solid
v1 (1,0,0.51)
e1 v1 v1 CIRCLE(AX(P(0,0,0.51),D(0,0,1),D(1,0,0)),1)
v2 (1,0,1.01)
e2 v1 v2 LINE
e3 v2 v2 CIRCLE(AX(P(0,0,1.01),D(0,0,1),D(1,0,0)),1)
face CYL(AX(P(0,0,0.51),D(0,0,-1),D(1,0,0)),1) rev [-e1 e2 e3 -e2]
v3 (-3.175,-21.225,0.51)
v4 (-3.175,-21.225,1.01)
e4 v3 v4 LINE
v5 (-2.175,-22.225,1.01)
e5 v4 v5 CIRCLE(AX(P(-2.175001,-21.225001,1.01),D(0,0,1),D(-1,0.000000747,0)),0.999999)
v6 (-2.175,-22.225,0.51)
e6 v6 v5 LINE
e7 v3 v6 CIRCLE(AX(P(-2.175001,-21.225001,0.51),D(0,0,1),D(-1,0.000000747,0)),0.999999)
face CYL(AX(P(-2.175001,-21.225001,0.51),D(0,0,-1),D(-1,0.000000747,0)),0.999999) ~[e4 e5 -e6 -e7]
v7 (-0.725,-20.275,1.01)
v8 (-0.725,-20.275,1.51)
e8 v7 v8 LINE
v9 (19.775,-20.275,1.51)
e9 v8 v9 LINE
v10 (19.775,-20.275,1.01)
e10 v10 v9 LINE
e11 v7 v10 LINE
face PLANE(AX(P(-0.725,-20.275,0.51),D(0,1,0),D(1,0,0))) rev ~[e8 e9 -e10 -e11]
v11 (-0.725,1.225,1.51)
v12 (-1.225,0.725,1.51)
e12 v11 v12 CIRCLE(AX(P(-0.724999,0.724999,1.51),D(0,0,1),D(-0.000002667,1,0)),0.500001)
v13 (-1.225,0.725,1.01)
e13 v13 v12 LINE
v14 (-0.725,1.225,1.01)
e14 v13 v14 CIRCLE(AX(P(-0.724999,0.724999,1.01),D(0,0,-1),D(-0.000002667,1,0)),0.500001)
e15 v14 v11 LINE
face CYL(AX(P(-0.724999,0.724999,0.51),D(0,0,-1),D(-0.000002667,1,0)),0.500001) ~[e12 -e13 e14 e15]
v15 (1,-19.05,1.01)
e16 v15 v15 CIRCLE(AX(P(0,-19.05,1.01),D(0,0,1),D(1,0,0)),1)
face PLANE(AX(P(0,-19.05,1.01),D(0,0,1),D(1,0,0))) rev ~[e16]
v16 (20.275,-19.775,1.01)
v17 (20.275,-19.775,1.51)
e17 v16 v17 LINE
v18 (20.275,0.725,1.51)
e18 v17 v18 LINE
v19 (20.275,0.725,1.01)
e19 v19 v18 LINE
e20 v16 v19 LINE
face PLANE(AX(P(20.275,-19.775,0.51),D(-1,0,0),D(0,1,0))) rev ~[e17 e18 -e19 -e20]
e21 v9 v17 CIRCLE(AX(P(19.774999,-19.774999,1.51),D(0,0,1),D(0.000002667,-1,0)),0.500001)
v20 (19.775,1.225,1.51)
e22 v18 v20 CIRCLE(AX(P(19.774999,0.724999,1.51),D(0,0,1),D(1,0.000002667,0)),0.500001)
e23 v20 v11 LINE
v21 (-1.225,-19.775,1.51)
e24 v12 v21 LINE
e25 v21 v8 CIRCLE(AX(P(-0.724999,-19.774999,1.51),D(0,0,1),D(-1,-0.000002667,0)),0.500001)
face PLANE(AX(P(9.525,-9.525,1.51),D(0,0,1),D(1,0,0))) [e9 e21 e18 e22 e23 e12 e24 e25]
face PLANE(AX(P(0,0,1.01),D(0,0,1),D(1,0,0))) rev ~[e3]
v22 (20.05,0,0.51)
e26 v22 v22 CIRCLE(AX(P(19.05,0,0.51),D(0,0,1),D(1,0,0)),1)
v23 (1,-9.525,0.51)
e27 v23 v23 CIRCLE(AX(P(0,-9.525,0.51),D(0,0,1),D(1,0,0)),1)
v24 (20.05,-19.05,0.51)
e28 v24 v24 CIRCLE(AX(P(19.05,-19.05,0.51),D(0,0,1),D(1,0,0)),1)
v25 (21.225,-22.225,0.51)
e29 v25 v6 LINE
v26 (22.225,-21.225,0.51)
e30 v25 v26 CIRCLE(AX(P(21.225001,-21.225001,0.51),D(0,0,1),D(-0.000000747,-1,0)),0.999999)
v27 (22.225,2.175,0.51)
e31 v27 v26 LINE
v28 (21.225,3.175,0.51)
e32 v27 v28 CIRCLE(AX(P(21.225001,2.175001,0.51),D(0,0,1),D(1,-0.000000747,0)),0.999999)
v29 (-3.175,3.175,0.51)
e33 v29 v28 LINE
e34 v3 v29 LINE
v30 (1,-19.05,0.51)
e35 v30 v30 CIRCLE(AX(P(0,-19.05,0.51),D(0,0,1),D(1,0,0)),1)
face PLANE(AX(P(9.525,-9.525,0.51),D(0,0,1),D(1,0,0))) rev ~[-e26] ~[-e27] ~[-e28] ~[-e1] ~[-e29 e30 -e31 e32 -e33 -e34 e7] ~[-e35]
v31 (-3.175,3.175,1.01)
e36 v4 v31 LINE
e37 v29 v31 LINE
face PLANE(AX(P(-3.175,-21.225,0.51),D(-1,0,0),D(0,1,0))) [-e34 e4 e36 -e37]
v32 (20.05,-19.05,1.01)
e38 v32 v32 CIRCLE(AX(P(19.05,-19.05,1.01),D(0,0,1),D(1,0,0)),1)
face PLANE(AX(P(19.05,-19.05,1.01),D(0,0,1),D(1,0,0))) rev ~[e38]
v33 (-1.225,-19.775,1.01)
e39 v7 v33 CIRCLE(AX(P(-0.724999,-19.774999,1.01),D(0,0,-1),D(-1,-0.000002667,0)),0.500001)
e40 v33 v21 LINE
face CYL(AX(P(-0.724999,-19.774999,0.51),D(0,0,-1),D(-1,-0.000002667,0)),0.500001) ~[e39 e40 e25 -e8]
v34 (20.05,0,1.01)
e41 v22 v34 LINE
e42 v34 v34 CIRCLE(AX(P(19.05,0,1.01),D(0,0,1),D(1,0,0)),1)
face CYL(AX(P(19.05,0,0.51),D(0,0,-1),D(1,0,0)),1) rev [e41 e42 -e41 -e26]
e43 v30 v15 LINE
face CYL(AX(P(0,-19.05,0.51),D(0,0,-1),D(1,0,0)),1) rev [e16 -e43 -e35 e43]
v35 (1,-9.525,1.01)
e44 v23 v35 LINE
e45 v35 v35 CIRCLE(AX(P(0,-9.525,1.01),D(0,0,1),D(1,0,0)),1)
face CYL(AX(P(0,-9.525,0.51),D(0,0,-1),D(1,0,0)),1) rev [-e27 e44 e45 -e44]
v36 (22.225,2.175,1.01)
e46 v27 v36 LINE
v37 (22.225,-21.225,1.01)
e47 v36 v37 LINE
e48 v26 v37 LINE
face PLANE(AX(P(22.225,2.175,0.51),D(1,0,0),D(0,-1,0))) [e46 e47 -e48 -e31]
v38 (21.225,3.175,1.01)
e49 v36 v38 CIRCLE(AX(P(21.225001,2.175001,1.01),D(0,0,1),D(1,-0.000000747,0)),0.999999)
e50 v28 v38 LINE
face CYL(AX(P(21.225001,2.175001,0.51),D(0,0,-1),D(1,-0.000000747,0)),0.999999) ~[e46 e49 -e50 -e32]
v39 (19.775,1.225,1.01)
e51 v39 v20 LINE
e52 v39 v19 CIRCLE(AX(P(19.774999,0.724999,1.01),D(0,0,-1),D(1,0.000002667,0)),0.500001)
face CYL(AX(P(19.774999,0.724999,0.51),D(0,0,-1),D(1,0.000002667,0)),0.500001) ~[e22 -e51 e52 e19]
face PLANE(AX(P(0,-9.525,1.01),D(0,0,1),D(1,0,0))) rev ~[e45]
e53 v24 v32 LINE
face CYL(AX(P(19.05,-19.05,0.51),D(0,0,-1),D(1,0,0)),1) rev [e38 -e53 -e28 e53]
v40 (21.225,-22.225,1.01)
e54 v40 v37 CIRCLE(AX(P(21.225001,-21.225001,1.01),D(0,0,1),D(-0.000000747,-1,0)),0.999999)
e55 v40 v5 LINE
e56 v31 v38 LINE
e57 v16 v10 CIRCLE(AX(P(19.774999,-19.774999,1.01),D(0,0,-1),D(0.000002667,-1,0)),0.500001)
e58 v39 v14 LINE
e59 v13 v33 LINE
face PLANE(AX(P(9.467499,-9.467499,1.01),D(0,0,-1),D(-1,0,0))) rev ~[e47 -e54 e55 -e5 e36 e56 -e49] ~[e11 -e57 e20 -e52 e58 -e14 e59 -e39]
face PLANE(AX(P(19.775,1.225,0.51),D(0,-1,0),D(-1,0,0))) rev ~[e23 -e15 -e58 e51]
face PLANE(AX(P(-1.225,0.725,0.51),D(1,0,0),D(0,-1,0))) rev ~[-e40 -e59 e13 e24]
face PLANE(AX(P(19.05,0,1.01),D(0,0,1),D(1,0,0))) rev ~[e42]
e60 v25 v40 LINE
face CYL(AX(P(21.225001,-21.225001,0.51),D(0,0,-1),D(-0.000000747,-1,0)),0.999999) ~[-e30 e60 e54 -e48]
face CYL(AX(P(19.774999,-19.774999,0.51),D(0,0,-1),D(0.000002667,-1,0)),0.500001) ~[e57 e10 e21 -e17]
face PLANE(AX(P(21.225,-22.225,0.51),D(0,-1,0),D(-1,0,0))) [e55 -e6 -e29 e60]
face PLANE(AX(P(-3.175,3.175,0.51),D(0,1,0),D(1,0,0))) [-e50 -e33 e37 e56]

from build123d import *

# Parameters (mm, degrees)
PAD_DEPTH    = 0.5
PAD001_DEPTH = 1
SKETCH001_R  = 1
POCKET_DEPTH = 0.5


with BuildPart() as part:
    # Sketch (on DatumPlane) → Pad (new body)
    with BuildSketch(Plane.XY.offset(0.51)):
        with BuildLine():
            Line((-3.175, 3.175), (21.225, 3.175))
            ThreePointArc((22.225, 2.175), (21.932107, 2.882107), (21.225, 3.175))
            Line((22.225, 2.175), (22.225, -21.225))
            ThreePointArc((21.225, -22.225), (21.932107, -21.932107), (22.225, -21.225))
            Line((21.225, -22.225), (-2.175, -22.225))
            ThreePointArc((-3.175, -21.225), (-2.882107, -21.932107), (-2.175, -22.225))
            Line((-3.175, -21.225), (-3.175, 3.175))
        make_face()
    extrude(amount=PAD_DEPTH)

    # Sketch002 (on DatumPlane) → Pad001 (join)
    with BuildSketch(Plane.XY.offset(0.51)):
        with BuildLine():
            Line((-1.225, 0.725), (-1.225, -19.775))
            ThreePointArc((-1.225, -19.775), (-1.078553, -20.128553), (-0.725, -20.275))
            Line((-0.725, -20.275), (19.775, -20.275))
            ThreePointArc((19.775, -20.275), (20.128553, -20.128553), (20.275, -19.775))
            Line((20.275, -19.775), (20.275, 0.725))
            ThreePointArc((20.275, 0.725), (20.128553, 1.078553), (19.775, 1.225))
            Line((19.775, 1.225), (-0.725, 1.225))
            ThreePointArc((-0.725, 1.225), (-1.078553, 1.078553), (-1.225, 0.725))
        make_face()
    extrude(amount=PAD001_DEPTH)

    # Sketch001 (on DatumPlane) → Pocket (cut)
    with BuildSketch(Plane.XY.offset(0.51)):
        Circle(SKETCH001_R)
        with Locations((0, -19.05)):
            Circle(SKETCH001_R)
        with Locations((0, -9.525)):
            Circle(SKETCH001_R)
        with Locations((19.05, -19.05)):
            Circle(SKETCH001_R)
        with Locations((19.05, 0)):
            Circle(SKETCH001_R)
    extrude(amount=POCKET_DEPTH, mode=Mode.SUBTRACT)


solid = part.part
